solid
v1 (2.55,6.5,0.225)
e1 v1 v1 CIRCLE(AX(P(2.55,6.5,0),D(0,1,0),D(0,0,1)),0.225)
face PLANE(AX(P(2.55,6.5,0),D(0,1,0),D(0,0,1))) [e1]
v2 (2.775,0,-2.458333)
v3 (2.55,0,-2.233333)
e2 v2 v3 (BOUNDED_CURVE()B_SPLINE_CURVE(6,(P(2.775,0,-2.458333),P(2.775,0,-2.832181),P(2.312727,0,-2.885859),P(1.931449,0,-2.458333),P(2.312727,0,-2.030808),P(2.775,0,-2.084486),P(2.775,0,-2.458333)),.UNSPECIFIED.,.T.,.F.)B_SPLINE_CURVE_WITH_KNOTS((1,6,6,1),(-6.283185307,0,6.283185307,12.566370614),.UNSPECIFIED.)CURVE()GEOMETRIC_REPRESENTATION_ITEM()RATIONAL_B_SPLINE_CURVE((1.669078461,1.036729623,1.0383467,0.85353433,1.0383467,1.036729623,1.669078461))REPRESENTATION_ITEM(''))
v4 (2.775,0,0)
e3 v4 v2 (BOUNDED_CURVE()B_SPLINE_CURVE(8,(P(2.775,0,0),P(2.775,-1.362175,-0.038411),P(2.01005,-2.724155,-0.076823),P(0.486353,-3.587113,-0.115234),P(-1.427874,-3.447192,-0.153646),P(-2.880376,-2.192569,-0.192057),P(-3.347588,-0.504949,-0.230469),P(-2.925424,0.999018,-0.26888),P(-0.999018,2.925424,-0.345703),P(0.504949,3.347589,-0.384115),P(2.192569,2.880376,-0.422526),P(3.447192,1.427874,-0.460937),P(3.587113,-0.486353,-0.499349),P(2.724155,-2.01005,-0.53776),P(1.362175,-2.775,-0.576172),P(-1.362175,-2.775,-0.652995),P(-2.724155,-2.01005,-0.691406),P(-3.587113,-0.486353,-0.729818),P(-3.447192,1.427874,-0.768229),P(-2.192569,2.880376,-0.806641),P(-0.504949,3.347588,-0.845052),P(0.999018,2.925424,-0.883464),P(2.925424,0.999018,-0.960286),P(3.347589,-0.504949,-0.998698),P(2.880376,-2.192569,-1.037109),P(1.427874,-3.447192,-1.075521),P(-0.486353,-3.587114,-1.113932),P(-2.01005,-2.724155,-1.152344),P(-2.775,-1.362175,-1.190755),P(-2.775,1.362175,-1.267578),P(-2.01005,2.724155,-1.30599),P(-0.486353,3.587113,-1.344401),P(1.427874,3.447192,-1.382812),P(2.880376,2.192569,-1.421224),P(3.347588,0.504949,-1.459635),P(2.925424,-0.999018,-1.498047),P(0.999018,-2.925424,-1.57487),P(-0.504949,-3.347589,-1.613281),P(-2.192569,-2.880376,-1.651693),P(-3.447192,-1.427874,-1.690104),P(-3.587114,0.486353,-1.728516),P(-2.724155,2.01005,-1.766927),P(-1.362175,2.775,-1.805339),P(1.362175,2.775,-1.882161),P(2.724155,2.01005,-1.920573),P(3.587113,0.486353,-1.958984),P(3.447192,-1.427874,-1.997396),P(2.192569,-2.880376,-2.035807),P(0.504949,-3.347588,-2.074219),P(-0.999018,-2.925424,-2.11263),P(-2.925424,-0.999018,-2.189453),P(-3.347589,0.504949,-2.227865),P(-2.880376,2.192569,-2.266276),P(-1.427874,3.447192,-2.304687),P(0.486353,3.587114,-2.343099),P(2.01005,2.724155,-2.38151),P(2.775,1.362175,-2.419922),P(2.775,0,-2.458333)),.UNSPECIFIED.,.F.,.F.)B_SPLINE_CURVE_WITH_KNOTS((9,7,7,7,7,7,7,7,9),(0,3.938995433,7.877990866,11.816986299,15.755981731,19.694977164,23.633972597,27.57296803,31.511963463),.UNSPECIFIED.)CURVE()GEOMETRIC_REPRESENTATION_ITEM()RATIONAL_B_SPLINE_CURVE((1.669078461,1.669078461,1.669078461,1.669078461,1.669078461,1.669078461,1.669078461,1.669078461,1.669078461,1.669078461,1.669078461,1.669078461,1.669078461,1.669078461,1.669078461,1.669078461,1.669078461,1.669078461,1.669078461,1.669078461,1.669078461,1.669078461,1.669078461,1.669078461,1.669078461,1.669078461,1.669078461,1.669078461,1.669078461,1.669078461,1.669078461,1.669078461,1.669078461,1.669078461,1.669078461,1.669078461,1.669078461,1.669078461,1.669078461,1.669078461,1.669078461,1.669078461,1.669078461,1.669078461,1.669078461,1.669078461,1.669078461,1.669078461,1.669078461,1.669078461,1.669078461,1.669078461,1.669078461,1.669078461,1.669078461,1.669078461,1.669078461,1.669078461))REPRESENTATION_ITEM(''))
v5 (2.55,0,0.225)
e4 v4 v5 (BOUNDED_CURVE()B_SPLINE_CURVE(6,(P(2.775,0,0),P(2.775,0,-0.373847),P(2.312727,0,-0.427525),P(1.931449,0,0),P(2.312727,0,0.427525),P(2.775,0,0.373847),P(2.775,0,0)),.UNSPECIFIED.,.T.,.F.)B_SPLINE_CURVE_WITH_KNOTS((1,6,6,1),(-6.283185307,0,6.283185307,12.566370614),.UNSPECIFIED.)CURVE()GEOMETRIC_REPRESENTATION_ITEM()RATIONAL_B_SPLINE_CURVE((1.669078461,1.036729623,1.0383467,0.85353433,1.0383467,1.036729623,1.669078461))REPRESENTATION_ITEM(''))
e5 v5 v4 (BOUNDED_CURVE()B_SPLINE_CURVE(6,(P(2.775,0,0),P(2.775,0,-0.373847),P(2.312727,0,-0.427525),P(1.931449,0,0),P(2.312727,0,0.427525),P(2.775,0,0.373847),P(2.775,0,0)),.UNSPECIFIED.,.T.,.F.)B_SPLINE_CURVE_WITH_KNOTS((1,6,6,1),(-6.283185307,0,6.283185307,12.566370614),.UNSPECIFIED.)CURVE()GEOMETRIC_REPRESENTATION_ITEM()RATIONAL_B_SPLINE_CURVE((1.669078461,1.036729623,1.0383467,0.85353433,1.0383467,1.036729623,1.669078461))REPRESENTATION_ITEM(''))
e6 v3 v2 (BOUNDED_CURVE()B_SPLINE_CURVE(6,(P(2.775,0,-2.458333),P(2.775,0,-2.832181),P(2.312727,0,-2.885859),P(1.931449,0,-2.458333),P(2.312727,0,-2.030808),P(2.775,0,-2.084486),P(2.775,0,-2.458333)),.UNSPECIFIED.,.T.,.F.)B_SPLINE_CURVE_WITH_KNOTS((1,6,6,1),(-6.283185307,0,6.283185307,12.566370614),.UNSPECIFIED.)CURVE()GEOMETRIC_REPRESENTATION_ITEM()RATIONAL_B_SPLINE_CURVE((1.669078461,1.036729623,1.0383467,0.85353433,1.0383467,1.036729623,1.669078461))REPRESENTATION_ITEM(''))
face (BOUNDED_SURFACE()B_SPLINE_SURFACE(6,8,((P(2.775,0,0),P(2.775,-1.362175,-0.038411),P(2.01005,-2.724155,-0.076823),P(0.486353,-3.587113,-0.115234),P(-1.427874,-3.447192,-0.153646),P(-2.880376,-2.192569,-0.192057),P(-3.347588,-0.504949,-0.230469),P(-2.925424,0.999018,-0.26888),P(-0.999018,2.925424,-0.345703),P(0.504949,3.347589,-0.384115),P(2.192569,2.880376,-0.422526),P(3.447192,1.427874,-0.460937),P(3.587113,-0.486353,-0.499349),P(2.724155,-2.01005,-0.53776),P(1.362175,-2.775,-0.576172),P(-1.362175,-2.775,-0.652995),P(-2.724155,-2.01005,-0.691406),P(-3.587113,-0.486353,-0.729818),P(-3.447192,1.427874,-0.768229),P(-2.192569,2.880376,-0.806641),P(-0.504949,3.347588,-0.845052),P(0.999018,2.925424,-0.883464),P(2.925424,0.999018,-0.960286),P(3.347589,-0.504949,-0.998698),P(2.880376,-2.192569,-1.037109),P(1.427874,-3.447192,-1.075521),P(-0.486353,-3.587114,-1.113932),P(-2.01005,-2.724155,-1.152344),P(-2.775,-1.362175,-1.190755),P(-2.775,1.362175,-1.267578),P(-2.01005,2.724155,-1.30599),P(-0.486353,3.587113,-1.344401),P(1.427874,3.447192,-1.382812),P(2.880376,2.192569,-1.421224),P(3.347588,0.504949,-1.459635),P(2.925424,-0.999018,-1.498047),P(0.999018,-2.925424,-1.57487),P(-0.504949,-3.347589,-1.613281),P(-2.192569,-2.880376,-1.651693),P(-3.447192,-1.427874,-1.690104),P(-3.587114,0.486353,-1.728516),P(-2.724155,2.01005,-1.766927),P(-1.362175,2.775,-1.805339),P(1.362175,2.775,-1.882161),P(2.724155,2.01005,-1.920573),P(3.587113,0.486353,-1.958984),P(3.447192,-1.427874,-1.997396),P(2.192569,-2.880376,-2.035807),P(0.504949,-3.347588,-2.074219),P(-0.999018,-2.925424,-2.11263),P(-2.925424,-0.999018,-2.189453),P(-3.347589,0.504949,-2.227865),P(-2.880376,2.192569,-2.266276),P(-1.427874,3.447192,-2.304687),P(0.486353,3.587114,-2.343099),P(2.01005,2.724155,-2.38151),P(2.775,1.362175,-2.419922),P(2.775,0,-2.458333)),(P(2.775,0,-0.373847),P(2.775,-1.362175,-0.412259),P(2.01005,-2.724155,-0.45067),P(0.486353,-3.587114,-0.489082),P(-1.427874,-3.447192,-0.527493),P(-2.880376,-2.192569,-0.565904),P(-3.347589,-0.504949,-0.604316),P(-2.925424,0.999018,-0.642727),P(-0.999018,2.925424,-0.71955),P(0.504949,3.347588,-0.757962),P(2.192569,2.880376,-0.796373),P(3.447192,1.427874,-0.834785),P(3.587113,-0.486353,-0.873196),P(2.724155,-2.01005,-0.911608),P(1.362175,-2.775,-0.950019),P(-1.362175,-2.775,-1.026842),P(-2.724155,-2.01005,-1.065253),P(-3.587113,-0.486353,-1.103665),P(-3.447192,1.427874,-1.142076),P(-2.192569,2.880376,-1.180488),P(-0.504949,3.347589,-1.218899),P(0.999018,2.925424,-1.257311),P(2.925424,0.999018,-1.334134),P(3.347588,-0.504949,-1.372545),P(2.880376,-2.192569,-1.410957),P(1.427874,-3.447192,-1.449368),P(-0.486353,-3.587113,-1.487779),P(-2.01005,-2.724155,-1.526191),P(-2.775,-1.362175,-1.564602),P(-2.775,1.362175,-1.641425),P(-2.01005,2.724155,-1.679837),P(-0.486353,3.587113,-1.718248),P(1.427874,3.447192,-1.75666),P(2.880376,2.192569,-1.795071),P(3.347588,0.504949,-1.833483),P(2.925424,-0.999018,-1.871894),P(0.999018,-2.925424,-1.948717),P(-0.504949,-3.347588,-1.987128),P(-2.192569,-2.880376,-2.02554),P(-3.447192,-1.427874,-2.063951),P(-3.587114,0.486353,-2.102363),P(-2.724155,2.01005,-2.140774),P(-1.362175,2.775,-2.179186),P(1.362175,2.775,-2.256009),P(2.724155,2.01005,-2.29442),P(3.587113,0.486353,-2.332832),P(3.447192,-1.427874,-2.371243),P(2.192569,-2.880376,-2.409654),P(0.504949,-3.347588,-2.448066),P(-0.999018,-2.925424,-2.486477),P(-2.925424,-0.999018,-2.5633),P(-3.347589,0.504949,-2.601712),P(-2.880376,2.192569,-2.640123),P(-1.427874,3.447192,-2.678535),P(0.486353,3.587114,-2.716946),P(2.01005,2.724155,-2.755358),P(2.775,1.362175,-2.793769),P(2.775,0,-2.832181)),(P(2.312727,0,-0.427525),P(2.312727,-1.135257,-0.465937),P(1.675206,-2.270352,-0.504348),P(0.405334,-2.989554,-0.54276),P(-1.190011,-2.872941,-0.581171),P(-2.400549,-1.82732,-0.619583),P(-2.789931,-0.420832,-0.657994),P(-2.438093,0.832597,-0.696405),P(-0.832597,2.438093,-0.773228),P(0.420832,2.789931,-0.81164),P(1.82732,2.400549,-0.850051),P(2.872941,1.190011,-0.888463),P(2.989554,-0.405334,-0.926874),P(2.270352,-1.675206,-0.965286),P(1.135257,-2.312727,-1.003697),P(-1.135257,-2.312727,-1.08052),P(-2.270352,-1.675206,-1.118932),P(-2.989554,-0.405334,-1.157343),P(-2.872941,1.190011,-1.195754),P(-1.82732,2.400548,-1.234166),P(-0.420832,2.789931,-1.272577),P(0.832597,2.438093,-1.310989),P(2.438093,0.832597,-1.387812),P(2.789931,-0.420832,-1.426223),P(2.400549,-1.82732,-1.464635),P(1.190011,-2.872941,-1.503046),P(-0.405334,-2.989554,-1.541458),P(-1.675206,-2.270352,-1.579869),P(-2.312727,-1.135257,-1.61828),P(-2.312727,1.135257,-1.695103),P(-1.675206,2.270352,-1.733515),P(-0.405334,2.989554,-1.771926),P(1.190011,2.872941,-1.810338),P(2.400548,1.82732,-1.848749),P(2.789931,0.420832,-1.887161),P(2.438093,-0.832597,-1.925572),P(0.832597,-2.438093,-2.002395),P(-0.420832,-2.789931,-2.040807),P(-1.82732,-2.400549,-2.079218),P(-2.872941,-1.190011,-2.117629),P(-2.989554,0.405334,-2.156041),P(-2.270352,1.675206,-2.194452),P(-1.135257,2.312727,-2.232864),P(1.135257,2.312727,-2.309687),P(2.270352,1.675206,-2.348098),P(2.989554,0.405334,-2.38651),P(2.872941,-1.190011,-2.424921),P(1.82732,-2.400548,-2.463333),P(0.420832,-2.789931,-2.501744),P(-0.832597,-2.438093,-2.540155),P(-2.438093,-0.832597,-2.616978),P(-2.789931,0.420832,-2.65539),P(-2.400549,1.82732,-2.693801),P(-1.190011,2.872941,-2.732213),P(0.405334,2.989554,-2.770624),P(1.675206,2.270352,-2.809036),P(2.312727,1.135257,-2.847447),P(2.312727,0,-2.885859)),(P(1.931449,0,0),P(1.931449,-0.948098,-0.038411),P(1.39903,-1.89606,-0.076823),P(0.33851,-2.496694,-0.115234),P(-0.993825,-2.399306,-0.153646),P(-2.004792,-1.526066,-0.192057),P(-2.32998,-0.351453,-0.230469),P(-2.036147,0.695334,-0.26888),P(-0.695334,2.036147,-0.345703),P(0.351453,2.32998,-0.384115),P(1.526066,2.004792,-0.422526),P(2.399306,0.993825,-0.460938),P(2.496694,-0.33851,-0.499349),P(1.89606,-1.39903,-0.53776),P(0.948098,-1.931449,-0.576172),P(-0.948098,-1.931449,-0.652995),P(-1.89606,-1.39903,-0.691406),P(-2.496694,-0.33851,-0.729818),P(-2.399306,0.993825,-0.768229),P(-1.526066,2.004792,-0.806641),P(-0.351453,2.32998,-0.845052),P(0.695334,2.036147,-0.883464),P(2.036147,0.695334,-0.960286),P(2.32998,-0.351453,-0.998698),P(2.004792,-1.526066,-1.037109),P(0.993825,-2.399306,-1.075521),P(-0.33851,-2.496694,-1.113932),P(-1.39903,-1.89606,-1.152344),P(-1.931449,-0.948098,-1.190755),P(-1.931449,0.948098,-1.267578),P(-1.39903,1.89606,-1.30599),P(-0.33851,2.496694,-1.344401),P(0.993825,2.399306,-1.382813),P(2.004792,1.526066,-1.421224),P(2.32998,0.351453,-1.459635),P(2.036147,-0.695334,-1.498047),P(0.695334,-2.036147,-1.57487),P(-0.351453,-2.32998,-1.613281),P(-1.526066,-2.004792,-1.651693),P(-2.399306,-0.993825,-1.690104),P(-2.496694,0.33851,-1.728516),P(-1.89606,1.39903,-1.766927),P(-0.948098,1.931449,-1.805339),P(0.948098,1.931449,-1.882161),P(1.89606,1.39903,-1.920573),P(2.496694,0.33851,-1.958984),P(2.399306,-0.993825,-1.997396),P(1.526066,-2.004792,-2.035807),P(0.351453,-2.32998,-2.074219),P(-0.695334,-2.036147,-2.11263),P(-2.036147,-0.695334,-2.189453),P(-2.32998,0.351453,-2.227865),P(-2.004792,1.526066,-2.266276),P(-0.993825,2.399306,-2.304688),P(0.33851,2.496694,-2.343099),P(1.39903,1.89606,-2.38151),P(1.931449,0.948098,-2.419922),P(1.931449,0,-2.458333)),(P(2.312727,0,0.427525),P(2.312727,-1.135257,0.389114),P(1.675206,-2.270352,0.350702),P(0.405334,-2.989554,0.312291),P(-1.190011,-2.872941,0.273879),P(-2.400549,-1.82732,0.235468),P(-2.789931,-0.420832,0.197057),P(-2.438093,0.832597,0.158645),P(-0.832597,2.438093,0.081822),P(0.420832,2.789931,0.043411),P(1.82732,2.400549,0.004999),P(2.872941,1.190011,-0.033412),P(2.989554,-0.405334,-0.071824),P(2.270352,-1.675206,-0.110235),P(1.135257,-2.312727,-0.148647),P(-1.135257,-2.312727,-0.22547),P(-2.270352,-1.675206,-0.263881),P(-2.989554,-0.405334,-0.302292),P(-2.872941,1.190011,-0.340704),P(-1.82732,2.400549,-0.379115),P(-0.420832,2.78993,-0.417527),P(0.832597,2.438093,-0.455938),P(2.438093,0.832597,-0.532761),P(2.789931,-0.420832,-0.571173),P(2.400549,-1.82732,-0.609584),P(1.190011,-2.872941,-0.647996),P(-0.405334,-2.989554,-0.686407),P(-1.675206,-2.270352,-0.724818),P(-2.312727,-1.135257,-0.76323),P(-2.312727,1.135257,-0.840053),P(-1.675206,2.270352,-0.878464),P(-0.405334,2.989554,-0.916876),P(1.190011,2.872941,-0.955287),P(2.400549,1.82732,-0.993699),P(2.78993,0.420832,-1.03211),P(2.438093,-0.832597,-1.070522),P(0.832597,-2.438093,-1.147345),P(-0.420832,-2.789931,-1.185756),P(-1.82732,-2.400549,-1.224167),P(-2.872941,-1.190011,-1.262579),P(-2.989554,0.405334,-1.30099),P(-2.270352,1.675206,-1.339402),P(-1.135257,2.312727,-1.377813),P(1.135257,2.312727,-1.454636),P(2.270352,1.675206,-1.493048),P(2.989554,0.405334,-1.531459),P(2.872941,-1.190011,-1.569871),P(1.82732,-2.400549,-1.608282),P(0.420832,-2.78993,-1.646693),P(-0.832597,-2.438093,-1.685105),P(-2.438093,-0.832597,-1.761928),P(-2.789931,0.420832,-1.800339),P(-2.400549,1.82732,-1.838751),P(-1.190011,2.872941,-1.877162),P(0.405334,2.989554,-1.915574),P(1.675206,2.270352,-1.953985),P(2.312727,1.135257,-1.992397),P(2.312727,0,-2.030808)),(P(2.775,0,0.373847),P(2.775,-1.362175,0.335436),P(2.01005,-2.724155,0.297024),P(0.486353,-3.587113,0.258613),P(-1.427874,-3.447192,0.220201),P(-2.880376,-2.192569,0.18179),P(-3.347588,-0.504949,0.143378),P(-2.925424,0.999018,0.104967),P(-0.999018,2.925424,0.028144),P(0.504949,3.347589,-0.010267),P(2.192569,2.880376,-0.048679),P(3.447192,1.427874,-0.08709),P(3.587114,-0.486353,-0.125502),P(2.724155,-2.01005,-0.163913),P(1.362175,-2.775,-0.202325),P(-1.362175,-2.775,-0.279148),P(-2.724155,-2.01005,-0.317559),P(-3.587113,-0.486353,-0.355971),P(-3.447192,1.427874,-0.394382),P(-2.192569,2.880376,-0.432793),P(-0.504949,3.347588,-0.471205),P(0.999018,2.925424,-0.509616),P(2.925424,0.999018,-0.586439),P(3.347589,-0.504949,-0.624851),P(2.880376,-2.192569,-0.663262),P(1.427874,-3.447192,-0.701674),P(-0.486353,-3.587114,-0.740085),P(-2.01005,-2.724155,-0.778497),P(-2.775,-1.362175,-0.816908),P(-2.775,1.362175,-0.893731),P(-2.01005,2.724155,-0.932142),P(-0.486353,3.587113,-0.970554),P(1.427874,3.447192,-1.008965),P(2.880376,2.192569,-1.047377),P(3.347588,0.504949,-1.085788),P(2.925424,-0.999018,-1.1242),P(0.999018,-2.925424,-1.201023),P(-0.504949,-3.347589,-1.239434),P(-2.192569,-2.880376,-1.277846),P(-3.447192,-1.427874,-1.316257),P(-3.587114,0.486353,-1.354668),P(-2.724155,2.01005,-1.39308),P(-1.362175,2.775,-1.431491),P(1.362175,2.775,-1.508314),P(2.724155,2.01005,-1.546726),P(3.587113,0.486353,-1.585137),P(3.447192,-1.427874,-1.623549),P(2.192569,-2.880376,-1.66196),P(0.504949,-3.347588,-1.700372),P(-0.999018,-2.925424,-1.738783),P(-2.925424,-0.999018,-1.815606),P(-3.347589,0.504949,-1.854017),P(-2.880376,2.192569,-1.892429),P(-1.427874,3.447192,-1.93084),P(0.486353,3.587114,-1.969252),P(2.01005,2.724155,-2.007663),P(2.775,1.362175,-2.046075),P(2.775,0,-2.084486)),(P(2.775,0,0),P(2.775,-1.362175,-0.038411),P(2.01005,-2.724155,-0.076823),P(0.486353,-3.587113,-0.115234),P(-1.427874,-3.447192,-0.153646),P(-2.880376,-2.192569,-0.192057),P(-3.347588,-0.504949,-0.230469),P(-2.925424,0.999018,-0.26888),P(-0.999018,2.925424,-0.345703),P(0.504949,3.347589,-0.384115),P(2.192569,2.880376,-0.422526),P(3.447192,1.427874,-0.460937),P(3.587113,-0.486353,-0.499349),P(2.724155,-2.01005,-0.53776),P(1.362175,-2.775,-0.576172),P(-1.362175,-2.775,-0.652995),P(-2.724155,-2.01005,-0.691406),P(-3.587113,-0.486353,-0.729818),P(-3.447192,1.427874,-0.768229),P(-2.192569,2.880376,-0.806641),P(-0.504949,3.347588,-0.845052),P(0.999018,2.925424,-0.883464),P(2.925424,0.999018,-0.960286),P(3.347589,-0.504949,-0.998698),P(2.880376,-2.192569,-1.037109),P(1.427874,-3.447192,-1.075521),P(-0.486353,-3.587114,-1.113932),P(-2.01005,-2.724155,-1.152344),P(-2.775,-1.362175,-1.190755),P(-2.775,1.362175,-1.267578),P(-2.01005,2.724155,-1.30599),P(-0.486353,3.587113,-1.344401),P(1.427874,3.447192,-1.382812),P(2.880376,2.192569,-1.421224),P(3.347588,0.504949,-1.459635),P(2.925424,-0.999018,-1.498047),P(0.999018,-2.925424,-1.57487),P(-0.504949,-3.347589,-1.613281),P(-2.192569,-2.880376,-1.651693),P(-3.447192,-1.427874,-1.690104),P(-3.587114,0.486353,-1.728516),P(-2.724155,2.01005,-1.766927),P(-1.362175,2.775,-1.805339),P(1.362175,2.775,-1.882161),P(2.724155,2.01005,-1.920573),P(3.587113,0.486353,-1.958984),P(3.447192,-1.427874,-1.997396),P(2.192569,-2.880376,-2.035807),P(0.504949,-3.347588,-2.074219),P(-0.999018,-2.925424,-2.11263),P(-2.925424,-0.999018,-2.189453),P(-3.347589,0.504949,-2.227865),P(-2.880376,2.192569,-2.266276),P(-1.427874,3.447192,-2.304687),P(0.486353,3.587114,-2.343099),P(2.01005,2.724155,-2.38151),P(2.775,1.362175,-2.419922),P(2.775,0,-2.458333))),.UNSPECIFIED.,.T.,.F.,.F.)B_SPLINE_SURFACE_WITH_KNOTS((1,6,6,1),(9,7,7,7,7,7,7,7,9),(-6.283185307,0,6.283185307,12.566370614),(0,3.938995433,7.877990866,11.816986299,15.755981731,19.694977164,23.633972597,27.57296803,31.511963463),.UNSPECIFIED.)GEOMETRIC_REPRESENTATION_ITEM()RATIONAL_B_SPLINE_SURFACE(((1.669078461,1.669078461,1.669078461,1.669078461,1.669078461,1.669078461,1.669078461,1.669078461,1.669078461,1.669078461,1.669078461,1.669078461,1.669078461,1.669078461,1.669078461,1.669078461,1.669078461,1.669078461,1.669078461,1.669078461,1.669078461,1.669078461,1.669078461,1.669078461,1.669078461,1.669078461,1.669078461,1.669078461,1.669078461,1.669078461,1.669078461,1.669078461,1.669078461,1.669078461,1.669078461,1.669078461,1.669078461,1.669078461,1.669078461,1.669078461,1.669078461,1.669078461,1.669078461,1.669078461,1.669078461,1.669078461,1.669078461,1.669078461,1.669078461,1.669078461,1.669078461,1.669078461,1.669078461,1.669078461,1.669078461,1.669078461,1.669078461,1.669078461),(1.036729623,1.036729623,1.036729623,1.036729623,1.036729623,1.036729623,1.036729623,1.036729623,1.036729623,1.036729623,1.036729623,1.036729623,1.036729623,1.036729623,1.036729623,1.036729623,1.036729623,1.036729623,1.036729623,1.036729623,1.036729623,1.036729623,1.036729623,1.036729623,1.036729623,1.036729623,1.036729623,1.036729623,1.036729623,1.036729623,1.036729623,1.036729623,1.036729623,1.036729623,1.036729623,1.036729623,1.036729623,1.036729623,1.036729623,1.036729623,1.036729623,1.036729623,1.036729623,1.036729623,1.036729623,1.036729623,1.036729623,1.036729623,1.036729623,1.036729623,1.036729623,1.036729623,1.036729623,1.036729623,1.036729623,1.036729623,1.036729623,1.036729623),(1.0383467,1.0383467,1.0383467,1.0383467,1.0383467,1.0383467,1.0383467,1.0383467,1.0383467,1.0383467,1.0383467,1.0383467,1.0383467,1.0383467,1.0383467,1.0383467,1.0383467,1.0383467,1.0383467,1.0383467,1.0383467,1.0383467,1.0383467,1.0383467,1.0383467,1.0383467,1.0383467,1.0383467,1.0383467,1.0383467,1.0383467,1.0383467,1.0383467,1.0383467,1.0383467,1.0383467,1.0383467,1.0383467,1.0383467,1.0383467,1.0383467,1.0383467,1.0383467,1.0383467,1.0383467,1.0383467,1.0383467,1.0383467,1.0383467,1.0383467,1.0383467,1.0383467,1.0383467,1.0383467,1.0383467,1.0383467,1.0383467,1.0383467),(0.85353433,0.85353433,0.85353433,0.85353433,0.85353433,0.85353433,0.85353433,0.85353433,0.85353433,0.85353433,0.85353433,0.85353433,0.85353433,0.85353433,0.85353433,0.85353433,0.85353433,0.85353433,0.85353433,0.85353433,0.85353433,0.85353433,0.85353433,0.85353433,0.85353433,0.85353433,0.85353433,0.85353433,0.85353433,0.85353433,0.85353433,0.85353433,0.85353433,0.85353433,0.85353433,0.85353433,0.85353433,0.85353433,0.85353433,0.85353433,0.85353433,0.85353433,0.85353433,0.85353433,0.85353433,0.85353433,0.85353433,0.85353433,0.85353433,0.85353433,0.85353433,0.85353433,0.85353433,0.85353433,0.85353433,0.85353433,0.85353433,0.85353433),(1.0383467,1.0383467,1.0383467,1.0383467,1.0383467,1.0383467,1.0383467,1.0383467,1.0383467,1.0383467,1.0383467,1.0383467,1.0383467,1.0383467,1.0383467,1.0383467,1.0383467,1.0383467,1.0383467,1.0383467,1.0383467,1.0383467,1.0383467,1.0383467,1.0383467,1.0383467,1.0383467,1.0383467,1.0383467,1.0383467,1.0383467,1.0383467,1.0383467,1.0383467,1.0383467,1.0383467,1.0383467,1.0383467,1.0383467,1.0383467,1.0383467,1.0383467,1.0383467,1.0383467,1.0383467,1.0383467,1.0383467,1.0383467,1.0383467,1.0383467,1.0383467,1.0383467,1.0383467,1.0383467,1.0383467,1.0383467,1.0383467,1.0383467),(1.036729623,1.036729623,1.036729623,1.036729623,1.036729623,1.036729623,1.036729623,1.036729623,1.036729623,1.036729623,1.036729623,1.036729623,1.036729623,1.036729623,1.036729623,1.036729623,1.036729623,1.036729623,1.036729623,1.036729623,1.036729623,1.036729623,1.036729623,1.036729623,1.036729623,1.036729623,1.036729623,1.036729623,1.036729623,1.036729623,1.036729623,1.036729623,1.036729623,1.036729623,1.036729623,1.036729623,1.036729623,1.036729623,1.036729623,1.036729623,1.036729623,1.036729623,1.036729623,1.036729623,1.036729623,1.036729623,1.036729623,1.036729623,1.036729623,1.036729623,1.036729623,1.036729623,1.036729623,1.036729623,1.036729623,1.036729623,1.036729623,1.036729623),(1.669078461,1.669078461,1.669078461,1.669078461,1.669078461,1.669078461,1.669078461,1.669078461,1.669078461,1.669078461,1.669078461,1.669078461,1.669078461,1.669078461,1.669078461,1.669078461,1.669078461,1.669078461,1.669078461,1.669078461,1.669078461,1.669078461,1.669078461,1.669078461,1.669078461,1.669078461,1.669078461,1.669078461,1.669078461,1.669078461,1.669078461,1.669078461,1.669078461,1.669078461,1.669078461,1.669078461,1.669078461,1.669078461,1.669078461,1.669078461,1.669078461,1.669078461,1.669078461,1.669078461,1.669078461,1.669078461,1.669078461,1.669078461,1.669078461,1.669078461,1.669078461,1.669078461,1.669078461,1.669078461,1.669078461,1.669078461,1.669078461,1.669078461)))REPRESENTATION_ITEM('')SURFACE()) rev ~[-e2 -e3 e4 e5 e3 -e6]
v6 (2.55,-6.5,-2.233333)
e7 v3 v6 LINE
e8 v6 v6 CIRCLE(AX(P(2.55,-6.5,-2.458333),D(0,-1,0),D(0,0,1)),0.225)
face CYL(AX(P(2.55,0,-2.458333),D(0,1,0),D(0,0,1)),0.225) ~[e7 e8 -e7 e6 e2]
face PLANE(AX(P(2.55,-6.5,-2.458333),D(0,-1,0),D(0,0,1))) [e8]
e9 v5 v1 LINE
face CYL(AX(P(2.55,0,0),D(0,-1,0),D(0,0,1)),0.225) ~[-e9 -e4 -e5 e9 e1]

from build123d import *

# Parameters (mm, degrees)
SWEEP1_PITCH        = 0.491666667
SWEEP1_HEIGHT       = 2.458333333
SWEEP1_RADIUS       = 2.55
SWEEP1_START_ANGLE  = 180
SKETCH2_R           = 0.225
SKETCH4_R           = 0.225
BOSS_EXTRUDE1_DEPTH = 6.5
SKETCH5_R           = 0.225
BOSS_EXTRUDE2_DEPTH = 6.5


with BuildPart() as part:
    # Sweep1: sweep along a helix
    with BuildLine() as sweep1_path:
        add(Helix(SWEEP1_PITCH, SWEEP1_HEIGHT, SWEEP1_RADIUS, center=(0, 0, 0), direction=(0, 0, -1), mode=Mode.PRIVATE).rotate(Axis((0, 0, 0), (0, 0, -1)), SWEEP1_START_ANGLE))
    # Sketch2 → Sweep1 (sweep)
    with BuildSketch(Plane(origin=(0, 0, 0), x_dir=(1, 0, 0), z_dir=(0, 1, 0))):
        with Locations((2.55, 0)):
            Circle(SKETCH2_R)
    sweep(path=sweep1_path.line, is_frenet=True)

    # Sketch4 → Boss-Extrude1 (add)
    with BuildSketch(Plane.XZ):
        with Locations(Location((2.55, -2.458333333, 0), (0, 0, 90))):
            Circle(SKETCH4_R)
    extrude(amount=BOSS_EXTRUDE1_DEPTH)

    # Sketch5 → Boss-Extrude2 (add)
    with BuildSketch(Plane(origin=(0, 0, 0), x_dir=(1, 0, 0), z_dir=(0, 1, 0))):
        with Locations(Location((2.55, 0, 0), (0, 0, 270))):
            Circle(SKETCH5_R)
    extrude(amount=BOSS_EXTRUDE2_DEPTH)


solid = part.part
